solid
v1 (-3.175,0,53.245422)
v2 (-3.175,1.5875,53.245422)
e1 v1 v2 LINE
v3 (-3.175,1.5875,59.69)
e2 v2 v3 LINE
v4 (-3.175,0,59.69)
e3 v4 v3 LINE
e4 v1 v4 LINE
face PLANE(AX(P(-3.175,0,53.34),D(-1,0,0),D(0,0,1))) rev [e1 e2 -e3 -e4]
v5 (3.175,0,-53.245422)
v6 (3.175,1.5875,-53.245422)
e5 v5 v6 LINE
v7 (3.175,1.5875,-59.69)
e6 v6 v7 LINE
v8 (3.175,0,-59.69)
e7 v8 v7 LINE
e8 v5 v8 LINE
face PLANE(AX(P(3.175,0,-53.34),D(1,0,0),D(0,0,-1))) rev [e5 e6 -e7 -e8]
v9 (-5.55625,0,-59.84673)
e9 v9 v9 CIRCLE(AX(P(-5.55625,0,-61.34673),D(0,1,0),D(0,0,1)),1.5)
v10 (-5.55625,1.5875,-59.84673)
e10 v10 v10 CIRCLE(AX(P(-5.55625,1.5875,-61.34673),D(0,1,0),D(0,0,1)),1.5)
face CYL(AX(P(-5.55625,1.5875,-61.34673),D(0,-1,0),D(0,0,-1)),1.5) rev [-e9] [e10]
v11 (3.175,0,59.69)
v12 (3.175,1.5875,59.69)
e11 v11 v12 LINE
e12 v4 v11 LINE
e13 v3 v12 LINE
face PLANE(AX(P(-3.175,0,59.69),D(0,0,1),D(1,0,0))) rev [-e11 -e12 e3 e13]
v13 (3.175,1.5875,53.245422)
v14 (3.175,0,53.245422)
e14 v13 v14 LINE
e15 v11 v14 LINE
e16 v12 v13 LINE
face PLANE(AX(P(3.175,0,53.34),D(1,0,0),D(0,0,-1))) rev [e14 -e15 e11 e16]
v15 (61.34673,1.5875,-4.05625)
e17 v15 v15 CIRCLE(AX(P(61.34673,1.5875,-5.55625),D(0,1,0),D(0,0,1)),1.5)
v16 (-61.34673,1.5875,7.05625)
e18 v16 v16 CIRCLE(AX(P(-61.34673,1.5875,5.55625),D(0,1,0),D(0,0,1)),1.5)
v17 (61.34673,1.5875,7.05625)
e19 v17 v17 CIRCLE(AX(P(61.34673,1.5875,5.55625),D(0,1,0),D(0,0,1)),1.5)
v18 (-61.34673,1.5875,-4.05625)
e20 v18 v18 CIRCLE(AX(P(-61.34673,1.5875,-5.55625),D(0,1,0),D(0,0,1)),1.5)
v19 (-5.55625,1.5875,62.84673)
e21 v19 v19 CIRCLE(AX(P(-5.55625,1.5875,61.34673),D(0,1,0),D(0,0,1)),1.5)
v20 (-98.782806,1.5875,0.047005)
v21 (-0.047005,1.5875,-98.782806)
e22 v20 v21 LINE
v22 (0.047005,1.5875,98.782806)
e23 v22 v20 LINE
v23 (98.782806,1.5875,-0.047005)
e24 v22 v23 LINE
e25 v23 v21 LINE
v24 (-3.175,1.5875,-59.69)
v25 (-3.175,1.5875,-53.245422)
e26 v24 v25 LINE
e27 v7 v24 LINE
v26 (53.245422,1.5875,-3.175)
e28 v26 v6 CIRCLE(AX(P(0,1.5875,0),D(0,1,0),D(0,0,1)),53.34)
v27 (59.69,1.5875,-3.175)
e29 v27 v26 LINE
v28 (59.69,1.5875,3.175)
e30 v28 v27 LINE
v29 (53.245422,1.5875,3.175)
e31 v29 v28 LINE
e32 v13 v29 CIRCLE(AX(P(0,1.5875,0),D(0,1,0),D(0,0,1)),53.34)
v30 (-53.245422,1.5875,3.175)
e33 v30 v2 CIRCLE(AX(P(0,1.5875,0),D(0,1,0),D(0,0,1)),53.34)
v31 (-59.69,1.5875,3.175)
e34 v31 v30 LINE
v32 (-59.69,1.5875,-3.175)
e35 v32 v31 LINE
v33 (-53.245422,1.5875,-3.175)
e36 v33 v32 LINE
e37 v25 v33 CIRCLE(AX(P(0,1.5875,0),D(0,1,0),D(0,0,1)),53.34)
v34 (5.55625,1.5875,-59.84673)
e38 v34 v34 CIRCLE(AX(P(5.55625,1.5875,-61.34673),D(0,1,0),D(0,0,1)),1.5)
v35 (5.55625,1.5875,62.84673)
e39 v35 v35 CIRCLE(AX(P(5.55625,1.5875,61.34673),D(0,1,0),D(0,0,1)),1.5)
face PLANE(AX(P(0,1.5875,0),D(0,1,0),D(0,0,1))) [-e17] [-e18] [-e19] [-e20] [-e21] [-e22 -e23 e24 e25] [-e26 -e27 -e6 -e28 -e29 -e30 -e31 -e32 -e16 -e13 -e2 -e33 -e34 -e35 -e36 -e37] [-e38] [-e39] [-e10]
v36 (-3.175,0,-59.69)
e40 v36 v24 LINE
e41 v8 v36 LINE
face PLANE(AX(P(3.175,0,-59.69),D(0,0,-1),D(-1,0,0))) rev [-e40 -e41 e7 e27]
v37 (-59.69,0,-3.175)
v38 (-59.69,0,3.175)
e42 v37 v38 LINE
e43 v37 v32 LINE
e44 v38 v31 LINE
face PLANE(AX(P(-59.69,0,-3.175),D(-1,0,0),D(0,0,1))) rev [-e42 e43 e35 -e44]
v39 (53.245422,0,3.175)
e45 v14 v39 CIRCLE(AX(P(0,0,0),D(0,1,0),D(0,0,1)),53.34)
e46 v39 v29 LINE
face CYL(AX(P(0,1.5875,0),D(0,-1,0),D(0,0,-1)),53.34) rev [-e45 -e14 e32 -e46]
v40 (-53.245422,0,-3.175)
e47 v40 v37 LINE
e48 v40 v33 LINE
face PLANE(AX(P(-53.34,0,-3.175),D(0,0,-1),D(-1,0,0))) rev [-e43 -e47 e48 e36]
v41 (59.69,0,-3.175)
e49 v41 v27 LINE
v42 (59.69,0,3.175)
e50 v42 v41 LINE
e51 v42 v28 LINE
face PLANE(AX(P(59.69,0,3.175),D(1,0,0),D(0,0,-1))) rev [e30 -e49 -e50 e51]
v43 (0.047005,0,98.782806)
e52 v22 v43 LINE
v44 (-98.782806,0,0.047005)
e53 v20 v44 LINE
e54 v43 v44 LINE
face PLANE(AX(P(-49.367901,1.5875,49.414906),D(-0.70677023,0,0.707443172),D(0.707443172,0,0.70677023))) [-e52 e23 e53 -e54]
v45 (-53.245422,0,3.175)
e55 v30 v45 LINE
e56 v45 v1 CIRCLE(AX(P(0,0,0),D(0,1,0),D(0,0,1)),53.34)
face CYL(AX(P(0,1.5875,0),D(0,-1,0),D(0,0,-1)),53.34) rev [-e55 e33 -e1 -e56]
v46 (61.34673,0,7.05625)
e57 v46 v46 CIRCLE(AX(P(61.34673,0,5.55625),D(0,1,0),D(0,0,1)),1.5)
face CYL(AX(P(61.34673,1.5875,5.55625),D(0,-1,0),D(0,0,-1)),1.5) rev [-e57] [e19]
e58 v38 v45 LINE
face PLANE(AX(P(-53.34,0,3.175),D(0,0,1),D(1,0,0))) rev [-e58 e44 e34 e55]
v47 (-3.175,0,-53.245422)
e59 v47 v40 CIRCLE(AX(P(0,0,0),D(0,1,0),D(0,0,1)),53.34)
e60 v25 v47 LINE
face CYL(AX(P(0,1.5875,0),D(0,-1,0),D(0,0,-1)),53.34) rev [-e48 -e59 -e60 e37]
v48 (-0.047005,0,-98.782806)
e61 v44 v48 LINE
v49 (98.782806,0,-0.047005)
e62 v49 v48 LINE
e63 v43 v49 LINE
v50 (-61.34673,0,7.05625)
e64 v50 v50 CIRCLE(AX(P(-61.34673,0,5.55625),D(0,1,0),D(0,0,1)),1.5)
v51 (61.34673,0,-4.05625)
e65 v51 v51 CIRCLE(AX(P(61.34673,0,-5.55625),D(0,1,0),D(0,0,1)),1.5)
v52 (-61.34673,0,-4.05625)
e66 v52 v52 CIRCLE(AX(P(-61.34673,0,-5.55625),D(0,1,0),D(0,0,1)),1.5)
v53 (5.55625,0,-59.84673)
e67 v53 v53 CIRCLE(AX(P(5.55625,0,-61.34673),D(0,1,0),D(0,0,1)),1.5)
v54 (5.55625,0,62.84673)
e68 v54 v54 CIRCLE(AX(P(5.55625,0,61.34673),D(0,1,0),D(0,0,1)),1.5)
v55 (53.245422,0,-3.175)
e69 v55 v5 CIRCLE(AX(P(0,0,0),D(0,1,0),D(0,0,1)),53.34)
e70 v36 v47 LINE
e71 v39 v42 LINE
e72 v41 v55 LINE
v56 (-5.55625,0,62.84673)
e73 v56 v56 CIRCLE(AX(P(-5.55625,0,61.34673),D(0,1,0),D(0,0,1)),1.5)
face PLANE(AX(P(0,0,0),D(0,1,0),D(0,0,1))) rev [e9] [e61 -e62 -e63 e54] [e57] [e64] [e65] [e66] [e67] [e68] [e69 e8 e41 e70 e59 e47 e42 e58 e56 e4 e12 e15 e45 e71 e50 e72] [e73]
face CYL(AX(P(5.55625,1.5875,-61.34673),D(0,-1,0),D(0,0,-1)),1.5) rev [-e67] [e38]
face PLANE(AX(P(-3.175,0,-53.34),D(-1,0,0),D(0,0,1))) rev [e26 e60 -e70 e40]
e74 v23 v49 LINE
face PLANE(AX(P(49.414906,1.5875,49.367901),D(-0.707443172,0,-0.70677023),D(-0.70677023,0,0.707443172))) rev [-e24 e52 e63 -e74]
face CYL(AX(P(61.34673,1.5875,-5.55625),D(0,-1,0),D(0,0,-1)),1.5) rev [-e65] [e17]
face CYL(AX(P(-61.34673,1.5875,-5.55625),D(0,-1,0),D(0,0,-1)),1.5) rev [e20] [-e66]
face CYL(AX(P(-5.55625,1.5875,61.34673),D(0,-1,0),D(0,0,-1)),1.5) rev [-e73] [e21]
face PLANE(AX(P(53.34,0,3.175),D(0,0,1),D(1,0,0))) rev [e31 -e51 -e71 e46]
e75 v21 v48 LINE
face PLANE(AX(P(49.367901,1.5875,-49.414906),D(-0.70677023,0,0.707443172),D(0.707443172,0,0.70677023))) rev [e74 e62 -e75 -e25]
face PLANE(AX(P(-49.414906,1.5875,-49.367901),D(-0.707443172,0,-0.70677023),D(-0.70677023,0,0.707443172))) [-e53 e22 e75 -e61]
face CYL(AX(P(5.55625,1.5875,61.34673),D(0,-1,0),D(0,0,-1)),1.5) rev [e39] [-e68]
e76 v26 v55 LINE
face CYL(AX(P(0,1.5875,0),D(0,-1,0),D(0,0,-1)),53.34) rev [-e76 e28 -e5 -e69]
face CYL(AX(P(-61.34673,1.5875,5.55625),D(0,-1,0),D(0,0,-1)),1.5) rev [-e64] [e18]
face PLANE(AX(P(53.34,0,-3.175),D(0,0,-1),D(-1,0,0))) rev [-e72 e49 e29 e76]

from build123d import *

# Parameters (mm, degrees)
SKETCH1_R           = 1.5
SKETCH1_R_2         = 53.34
BOSS_EXTRUDE1_DEPTH = 1.5875
CUT_EXTRUDE3_DEPTH  = 140.70900378


with BuildPart() as part:
    # Sketch1 → Boss-Extrude1 (new body)
    with BuildSketch(Plane(origin=(0, 0, 0), x_dir=(1, 0, 0), z_dir=(0, 1, 0))):
        Polygon((0.047005036, -98.782806148), (-98.782806148, -0.047005036), (-0.047005036, 98.782806148), (98.782806148, 0.047005036), align=None)
        with Locations(Location((-61.346730494, 5.55625, 0), (0, 0, 270))):
            Circle(SKETCH1_R, mode=Mode.SUBTRACT)
        with Locations(Location((-61.346730494, -5.55625, 0), (0, 0, 270))):
            Circle(SKETCH1_R, mode=Mode.SUBTRACT)
        with Locations(Location((-5.55625, -61.346730494, 0), (0, 0, 270))):
            Circle(SKETCH1_R, mode=Mode.SUBTRACT)
        with Locations(Location((5.55625, -61.346730494, 0), (0, 0, 270))):
            Circle(SKETCH1_R, mode=Mode.SUBTRACT)
        with Locations(Location((61.346730494, -5.55625, 0), (0, 0, 270))):
            Circle(SKETCH1_R, mode=Mode.SUBTRACT)
        with Locations(Location((61.346730494, 5.55625, 0), (0, 0, 270))):
            Circle(SKETCH1_R, mode=Mode.SUBTRACT)
        with Locations(Location((5.55625, 61.346730494, 0), (0, 0, 270))):
            Circle(SKETCH1_R, mode=Mode.SUBTRACT)
        with Locations(Location((-5.55625, 61.346730494, 0), (0, 0, 270))):
            Circle(SKETCH1_R, mode=Mode.SUBTRACT)
        with Locations(Location((0, 0, 0), (0, 0, 270))):
            Circle(SKETCH1_R_2, mode=Mode.SUBTRACT)
    extrude(amount=BOSS_EXTRUDE1_DEPTH)

    # Sketch2 → Cut-Extrude3 (cut, through all)
    with BuildSketch(Plane(origin=(0, 1.5875, 0), x_dir=(1, 0, 0), z_dir=(0, 1, 0))):
        Polygon((3.175, 53.34), (3.175, 59.69), (-3.175, 59.69), (-3.175, 53.34), (-3.175, 52.244537665), (3.175, 52.244537665), align=None)
        Polygon((53.34, -3.175), (59.69, -3.175), (59.69, 3.175), (53.34, 3.175), (52.244537665, 3.175), (52.244537665, -3.175), align=None)
        Polygon((-3.175, -53.34), (-3.175, -59.69), (3.175, -59.69), (3.175, -53.34), (3.175, -52.244537665), (-3.175, -52.244537665), align=None)
        Polygon((-53.34, 3.175), (-59.69, 3.175), (-59.69, -3.175), (-53.34, -3.175), (-52.244537665, -3.175), (-52.244537665, 3.175), align=None)
    extrude(amount=-CUT_EXTRUDE3_DEPTH, mode=Mode.SUBTRACT)


solid = part.part
